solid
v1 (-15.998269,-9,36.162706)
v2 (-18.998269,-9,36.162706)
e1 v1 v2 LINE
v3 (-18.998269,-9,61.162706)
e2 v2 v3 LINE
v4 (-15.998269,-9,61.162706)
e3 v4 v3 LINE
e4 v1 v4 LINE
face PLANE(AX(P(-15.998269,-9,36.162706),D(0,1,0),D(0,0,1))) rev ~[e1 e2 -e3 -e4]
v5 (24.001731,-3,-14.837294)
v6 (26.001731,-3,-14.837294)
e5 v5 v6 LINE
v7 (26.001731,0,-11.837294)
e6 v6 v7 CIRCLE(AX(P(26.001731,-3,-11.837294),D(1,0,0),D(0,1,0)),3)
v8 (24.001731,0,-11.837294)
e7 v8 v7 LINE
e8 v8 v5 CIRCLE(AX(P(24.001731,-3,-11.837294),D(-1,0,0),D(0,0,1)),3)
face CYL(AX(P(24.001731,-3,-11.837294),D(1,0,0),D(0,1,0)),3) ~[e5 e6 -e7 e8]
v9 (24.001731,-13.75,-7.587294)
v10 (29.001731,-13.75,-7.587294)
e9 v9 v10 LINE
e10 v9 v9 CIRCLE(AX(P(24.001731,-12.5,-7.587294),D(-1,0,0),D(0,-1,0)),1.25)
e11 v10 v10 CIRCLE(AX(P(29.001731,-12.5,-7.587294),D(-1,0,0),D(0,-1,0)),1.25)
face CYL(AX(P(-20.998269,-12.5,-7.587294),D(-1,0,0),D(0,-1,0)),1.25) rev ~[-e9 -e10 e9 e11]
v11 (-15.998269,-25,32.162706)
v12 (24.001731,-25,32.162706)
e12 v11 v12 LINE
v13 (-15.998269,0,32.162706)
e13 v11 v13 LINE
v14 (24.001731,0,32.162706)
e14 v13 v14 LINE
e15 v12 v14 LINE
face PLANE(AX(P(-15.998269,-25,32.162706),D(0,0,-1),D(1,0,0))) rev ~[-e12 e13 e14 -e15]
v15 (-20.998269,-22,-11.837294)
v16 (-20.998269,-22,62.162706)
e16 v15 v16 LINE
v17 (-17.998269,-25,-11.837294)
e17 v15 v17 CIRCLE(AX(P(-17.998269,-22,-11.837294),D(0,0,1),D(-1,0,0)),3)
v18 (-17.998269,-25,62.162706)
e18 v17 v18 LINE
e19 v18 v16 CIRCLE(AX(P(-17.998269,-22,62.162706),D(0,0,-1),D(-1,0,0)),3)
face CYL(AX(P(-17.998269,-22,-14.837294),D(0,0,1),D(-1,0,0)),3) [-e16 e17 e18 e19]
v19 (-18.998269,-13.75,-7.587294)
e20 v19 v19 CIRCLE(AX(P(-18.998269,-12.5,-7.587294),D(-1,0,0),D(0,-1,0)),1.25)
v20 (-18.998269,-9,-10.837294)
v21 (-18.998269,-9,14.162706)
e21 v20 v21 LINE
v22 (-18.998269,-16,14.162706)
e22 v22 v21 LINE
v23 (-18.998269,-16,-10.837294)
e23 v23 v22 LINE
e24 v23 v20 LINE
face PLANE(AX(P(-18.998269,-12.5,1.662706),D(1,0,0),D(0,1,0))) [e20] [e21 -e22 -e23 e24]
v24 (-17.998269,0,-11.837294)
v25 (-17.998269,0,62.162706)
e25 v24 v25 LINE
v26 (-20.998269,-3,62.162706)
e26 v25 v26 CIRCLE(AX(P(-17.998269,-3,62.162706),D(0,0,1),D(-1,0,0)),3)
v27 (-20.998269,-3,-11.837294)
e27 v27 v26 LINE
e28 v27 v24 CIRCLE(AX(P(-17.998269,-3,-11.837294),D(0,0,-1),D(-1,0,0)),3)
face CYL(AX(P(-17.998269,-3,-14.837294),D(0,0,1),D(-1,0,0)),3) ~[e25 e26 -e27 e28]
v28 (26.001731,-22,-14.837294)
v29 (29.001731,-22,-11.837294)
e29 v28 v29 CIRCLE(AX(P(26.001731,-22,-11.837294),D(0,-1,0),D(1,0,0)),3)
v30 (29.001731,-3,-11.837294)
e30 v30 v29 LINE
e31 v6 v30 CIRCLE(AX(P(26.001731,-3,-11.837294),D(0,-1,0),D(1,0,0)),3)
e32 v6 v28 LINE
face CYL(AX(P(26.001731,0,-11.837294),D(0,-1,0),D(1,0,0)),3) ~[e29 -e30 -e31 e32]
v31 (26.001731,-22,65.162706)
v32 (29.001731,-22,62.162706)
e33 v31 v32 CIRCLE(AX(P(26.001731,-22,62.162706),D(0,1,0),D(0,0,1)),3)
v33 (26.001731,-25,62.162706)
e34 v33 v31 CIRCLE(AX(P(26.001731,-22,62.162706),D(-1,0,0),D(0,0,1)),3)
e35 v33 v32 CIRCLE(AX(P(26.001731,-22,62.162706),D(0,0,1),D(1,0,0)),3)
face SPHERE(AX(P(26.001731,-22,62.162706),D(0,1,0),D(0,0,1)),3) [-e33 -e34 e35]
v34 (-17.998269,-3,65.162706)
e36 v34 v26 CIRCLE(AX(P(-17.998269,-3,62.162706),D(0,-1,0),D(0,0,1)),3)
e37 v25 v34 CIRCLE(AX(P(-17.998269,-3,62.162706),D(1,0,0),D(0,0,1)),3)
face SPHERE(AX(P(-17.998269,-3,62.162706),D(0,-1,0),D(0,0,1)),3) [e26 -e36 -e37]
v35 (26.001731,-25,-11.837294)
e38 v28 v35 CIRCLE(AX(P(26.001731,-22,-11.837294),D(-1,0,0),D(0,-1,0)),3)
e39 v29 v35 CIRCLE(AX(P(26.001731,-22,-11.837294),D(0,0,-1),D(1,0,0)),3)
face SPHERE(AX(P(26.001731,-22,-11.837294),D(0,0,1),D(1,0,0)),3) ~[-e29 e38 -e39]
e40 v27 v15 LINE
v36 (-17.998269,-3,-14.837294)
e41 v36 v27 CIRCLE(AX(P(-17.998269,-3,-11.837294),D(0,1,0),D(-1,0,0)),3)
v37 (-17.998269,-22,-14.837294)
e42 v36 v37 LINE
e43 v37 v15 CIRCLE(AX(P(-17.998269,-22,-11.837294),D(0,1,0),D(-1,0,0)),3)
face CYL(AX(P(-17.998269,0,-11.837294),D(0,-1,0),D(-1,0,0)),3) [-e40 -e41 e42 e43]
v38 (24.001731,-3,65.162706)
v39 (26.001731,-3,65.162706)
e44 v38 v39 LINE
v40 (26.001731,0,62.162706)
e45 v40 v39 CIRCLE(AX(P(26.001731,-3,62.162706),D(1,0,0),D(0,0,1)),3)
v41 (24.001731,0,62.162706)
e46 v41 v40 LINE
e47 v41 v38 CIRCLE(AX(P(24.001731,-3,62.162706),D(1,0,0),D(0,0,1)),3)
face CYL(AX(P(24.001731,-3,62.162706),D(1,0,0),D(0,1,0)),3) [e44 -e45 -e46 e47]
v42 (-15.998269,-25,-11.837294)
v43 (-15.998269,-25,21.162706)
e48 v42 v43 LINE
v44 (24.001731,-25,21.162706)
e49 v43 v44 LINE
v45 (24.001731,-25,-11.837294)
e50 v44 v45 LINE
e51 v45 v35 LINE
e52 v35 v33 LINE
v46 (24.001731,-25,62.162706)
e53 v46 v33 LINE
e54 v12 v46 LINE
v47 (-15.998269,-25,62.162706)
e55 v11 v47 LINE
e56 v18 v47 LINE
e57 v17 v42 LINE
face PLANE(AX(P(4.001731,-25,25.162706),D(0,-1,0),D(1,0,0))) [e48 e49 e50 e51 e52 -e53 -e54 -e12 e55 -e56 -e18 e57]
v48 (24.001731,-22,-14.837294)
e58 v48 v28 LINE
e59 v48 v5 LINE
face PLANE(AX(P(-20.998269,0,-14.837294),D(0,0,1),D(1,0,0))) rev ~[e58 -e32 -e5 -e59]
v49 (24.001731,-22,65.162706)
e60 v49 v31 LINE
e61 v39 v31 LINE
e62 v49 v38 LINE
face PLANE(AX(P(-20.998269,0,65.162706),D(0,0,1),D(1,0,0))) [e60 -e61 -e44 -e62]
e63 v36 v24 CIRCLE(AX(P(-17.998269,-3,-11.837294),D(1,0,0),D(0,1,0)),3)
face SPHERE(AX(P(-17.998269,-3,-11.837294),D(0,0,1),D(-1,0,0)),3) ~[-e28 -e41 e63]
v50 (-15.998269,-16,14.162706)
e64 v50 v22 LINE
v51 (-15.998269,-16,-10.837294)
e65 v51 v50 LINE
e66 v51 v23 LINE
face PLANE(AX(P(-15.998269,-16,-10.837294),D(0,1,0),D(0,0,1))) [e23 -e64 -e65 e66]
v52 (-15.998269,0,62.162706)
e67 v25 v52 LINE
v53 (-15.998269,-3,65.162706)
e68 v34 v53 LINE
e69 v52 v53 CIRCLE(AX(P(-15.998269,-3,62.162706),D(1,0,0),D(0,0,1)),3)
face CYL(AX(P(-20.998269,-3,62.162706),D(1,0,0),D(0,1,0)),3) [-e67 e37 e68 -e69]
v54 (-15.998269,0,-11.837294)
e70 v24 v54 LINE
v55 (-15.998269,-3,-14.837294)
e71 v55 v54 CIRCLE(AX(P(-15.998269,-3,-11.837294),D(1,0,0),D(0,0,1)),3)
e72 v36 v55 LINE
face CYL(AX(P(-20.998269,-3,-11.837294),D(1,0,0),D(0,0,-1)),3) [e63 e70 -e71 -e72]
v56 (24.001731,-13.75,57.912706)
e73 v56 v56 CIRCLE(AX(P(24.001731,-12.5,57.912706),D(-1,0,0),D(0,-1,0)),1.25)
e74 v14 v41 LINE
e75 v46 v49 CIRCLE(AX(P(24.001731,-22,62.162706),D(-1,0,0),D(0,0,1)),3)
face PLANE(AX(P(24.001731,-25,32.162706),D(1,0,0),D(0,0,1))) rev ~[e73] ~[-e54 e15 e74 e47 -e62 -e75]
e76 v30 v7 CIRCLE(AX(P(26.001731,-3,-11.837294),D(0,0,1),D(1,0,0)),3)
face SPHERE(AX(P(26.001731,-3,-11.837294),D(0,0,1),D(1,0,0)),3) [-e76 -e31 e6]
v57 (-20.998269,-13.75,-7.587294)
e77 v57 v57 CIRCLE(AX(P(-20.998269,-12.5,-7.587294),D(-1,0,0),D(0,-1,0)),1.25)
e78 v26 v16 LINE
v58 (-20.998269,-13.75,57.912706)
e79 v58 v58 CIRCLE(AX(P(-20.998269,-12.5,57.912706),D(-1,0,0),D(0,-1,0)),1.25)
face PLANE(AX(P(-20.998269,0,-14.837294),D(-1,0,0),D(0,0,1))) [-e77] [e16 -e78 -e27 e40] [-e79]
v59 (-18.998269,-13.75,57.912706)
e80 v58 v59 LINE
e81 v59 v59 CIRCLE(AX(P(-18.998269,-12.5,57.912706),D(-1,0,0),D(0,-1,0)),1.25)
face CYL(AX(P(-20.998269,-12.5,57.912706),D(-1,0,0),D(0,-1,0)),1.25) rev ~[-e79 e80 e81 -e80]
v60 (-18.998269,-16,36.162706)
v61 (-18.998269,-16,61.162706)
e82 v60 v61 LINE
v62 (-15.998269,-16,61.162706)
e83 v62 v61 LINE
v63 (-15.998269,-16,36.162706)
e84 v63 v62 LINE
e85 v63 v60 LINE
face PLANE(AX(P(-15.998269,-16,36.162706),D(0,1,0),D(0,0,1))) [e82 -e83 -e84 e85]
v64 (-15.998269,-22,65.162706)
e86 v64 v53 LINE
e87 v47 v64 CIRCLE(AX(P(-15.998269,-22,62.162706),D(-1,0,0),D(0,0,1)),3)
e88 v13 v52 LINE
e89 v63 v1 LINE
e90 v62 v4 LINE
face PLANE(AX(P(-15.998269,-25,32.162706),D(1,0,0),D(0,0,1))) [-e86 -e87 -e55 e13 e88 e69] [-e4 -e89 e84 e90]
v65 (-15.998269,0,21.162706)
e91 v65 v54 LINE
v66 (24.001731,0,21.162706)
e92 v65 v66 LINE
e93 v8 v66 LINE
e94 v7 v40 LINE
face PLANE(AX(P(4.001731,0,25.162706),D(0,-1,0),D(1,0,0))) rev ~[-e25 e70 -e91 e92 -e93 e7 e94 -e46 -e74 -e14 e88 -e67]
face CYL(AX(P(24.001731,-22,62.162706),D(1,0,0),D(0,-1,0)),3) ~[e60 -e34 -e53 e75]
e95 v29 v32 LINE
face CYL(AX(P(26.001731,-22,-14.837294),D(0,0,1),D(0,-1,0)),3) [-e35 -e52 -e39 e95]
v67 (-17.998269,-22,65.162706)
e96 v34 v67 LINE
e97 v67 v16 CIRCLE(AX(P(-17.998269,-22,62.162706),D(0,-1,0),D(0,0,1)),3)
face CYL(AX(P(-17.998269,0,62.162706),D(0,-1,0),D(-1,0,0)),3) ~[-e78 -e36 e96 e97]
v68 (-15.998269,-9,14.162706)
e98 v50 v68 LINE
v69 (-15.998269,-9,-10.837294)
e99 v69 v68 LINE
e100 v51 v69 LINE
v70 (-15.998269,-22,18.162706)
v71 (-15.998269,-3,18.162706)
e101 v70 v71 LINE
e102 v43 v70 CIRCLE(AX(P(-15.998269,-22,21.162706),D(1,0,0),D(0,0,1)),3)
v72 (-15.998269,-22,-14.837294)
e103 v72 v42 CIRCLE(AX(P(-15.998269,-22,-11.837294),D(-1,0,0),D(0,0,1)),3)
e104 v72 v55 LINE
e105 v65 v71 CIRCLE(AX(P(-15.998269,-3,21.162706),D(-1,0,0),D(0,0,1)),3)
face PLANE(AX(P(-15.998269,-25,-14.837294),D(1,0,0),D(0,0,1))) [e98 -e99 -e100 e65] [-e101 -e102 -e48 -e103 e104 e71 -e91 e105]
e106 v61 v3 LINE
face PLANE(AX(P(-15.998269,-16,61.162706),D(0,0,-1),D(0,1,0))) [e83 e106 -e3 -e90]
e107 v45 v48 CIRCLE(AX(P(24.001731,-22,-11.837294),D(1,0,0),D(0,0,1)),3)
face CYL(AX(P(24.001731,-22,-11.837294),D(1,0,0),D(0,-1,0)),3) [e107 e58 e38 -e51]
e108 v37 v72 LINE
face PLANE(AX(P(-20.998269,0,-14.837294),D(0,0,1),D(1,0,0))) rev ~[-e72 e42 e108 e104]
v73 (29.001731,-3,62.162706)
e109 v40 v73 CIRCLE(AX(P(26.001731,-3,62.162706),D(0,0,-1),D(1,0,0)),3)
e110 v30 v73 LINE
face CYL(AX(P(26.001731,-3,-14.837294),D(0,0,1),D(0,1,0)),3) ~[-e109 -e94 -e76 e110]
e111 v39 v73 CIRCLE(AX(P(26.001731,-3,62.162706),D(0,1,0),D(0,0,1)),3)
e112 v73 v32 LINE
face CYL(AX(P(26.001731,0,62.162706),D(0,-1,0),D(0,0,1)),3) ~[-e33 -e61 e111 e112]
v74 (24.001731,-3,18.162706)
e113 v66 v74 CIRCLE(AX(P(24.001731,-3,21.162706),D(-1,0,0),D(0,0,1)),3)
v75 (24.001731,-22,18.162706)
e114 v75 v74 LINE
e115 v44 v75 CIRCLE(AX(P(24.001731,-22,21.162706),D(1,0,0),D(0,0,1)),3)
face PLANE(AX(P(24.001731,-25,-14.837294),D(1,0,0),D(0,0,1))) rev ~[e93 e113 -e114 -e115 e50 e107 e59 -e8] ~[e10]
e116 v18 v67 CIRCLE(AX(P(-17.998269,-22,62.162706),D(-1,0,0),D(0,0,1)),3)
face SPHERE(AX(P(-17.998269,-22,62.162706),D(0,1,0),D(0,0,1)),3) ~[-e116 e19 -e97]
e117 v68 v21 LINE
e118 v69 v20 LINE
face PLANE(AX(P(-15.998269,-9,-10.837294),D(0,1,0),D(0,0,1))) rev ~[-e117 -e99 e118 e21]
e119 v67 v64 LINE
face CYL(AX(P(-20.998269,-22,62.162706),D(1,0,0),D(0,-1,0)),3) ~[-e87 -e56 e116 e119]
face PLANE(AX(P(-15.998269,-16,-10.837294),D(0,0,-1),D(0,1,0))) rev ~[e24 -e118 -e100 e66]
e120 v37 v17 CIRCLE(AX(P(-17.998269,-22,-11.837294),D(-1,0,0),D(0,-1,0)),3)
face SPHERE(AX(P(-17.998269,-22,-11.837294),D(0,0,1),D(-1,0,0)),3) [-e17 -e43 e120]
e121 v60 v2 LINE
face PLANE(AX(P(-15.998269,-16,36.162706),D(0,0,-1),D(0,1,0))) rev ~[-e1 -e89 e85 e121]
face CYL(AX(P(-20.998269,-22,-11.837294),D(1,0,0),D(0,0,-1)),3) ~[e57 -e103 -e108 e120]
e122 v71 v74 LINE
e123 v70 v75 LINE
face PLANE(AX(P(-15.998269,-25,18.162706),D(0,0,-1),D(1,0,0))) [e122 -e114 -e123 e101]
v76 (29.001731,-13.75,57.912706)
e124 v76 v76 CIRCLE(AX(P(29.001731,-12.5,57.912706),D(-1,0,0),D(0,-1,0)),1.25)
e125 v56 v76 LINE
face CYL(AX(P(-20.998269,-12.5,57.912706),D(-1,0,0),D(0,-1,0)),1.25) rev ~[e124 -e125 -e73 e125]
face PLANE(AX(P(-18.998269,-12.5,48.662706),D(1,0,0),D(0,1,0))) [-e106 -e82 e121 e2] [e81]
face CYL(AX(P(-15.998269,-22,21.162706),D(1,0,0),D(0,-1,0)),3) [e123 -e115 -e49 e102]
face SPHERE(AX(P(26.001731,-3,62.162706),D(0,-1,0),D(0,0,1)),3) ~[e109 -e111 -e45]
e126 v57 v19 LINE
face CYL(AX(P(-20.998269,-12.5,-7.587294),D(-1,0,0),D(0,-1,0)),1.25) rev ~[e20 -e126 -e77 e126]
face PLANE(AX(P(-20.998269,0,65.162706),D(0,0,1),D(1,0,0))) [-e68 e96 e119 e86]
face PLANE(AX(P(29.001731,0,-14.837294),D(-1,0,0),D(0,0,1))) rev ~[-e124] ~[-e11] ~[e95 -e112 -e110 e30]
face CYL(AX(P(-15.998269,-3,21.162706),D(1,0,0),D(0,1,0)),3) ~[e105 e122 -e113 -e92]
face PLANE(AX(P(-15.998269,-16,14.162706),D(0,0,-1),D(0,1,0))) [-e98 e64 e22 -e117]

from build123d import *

# Parameters (mm, degrees)
F0_W     = 50
F0_H     = 80
F1_DEPTH = 25
F2_W     = 40
F2_H     = 33
F3_DEPTH = 25.001
F4_W     = 7
F4_H     = 25
F5_DEPTH = 3
F6_R     = 1.25
F7_DEPTH = 50.001
F8_R     = 3


with BuildPart() as f1:
    # F0 (on Front) → F1 (new body)
    with BuildSketch(Plane.XZ):
        with Locations((4.001731, 25.162706)):
            Rectangle(F0_W, F0_H)
    extrude(amount=F1_DEPTH)

    # F2 (on face) → F3 (cut, through all)
    with BuildSketch(Plane.XZ.offset(25)):
        with Locations((4.001731, 1.662706)):
            Rectangle(F2_W, F2_H)
        with Locations((4.001731, 48.662706)):
            Rectangle(F2_W, F2_H)
    extrude(amount=-F3_DEPTH, mode=Mode.SUBTRACT)

    # F4 (on face) → F5 (cut)
    with BuildSketch(Plane.YZ.offset(-15.998269)):
        with Locations((-12.5, 1.662706)):
            Rectangle(F4_W, F4_H)
        with Locations((-12.5, 48.662706)):
            Rectangle(F4_W, F4_H)
    extrude(amount=-F5_DEPTH, mode=Mode.SUBTRACT)

    # F6 (on face) → F7 (cut, through all)
    with BuildSketch(Plane(origin=(-20.998269, 0, 0), x_dir=(0, -1, 0), z_dir=(-1, 0, 0))):
        with Locations((12.5, -7.587294)):
            Circle(F6_R)
        with Locations((12.5, 57.912706)):
            Circle(F6_R)
    extrude(amount=-F7_DEPTH, mode=Mode.SUBTRACT)

    # F8
    f8_edges = [f1.edges().sort_by_distance(p)[0] for p in [
        (29.001731, -12.5, 65.162706),
        (-20.998269, -12.5, 65.162706),
        (-18.498269, 0, 65.162706),
        (26.501731, 0, 65.162706),
        (-18.498269, -25, 65.162706),
        (26.501731, -25, 65.162706),
        (29.001731, -25, 25.162706),
        (29.001731, 0, 25.162706),
        (-20.998269, -25, 25.162706),
        (-20.998269, 0, 25.162706),
        (-20.998269, -12.5, -14.837294),
        (29.001731, -12.5, -14.837294),
        (26.501731, -25, -14.837294),
        (-18.498269, -25, -14.837294),
        (26.501731, 0, -14.837294),
        (-18.498269, 0, -14.837294),
        (4.001731, -25, 18.162706),
        (4.001731, 0, 18.162706),
    ]]
    fillet(f8_edges, radius=F8_R)


solid = f1.part
